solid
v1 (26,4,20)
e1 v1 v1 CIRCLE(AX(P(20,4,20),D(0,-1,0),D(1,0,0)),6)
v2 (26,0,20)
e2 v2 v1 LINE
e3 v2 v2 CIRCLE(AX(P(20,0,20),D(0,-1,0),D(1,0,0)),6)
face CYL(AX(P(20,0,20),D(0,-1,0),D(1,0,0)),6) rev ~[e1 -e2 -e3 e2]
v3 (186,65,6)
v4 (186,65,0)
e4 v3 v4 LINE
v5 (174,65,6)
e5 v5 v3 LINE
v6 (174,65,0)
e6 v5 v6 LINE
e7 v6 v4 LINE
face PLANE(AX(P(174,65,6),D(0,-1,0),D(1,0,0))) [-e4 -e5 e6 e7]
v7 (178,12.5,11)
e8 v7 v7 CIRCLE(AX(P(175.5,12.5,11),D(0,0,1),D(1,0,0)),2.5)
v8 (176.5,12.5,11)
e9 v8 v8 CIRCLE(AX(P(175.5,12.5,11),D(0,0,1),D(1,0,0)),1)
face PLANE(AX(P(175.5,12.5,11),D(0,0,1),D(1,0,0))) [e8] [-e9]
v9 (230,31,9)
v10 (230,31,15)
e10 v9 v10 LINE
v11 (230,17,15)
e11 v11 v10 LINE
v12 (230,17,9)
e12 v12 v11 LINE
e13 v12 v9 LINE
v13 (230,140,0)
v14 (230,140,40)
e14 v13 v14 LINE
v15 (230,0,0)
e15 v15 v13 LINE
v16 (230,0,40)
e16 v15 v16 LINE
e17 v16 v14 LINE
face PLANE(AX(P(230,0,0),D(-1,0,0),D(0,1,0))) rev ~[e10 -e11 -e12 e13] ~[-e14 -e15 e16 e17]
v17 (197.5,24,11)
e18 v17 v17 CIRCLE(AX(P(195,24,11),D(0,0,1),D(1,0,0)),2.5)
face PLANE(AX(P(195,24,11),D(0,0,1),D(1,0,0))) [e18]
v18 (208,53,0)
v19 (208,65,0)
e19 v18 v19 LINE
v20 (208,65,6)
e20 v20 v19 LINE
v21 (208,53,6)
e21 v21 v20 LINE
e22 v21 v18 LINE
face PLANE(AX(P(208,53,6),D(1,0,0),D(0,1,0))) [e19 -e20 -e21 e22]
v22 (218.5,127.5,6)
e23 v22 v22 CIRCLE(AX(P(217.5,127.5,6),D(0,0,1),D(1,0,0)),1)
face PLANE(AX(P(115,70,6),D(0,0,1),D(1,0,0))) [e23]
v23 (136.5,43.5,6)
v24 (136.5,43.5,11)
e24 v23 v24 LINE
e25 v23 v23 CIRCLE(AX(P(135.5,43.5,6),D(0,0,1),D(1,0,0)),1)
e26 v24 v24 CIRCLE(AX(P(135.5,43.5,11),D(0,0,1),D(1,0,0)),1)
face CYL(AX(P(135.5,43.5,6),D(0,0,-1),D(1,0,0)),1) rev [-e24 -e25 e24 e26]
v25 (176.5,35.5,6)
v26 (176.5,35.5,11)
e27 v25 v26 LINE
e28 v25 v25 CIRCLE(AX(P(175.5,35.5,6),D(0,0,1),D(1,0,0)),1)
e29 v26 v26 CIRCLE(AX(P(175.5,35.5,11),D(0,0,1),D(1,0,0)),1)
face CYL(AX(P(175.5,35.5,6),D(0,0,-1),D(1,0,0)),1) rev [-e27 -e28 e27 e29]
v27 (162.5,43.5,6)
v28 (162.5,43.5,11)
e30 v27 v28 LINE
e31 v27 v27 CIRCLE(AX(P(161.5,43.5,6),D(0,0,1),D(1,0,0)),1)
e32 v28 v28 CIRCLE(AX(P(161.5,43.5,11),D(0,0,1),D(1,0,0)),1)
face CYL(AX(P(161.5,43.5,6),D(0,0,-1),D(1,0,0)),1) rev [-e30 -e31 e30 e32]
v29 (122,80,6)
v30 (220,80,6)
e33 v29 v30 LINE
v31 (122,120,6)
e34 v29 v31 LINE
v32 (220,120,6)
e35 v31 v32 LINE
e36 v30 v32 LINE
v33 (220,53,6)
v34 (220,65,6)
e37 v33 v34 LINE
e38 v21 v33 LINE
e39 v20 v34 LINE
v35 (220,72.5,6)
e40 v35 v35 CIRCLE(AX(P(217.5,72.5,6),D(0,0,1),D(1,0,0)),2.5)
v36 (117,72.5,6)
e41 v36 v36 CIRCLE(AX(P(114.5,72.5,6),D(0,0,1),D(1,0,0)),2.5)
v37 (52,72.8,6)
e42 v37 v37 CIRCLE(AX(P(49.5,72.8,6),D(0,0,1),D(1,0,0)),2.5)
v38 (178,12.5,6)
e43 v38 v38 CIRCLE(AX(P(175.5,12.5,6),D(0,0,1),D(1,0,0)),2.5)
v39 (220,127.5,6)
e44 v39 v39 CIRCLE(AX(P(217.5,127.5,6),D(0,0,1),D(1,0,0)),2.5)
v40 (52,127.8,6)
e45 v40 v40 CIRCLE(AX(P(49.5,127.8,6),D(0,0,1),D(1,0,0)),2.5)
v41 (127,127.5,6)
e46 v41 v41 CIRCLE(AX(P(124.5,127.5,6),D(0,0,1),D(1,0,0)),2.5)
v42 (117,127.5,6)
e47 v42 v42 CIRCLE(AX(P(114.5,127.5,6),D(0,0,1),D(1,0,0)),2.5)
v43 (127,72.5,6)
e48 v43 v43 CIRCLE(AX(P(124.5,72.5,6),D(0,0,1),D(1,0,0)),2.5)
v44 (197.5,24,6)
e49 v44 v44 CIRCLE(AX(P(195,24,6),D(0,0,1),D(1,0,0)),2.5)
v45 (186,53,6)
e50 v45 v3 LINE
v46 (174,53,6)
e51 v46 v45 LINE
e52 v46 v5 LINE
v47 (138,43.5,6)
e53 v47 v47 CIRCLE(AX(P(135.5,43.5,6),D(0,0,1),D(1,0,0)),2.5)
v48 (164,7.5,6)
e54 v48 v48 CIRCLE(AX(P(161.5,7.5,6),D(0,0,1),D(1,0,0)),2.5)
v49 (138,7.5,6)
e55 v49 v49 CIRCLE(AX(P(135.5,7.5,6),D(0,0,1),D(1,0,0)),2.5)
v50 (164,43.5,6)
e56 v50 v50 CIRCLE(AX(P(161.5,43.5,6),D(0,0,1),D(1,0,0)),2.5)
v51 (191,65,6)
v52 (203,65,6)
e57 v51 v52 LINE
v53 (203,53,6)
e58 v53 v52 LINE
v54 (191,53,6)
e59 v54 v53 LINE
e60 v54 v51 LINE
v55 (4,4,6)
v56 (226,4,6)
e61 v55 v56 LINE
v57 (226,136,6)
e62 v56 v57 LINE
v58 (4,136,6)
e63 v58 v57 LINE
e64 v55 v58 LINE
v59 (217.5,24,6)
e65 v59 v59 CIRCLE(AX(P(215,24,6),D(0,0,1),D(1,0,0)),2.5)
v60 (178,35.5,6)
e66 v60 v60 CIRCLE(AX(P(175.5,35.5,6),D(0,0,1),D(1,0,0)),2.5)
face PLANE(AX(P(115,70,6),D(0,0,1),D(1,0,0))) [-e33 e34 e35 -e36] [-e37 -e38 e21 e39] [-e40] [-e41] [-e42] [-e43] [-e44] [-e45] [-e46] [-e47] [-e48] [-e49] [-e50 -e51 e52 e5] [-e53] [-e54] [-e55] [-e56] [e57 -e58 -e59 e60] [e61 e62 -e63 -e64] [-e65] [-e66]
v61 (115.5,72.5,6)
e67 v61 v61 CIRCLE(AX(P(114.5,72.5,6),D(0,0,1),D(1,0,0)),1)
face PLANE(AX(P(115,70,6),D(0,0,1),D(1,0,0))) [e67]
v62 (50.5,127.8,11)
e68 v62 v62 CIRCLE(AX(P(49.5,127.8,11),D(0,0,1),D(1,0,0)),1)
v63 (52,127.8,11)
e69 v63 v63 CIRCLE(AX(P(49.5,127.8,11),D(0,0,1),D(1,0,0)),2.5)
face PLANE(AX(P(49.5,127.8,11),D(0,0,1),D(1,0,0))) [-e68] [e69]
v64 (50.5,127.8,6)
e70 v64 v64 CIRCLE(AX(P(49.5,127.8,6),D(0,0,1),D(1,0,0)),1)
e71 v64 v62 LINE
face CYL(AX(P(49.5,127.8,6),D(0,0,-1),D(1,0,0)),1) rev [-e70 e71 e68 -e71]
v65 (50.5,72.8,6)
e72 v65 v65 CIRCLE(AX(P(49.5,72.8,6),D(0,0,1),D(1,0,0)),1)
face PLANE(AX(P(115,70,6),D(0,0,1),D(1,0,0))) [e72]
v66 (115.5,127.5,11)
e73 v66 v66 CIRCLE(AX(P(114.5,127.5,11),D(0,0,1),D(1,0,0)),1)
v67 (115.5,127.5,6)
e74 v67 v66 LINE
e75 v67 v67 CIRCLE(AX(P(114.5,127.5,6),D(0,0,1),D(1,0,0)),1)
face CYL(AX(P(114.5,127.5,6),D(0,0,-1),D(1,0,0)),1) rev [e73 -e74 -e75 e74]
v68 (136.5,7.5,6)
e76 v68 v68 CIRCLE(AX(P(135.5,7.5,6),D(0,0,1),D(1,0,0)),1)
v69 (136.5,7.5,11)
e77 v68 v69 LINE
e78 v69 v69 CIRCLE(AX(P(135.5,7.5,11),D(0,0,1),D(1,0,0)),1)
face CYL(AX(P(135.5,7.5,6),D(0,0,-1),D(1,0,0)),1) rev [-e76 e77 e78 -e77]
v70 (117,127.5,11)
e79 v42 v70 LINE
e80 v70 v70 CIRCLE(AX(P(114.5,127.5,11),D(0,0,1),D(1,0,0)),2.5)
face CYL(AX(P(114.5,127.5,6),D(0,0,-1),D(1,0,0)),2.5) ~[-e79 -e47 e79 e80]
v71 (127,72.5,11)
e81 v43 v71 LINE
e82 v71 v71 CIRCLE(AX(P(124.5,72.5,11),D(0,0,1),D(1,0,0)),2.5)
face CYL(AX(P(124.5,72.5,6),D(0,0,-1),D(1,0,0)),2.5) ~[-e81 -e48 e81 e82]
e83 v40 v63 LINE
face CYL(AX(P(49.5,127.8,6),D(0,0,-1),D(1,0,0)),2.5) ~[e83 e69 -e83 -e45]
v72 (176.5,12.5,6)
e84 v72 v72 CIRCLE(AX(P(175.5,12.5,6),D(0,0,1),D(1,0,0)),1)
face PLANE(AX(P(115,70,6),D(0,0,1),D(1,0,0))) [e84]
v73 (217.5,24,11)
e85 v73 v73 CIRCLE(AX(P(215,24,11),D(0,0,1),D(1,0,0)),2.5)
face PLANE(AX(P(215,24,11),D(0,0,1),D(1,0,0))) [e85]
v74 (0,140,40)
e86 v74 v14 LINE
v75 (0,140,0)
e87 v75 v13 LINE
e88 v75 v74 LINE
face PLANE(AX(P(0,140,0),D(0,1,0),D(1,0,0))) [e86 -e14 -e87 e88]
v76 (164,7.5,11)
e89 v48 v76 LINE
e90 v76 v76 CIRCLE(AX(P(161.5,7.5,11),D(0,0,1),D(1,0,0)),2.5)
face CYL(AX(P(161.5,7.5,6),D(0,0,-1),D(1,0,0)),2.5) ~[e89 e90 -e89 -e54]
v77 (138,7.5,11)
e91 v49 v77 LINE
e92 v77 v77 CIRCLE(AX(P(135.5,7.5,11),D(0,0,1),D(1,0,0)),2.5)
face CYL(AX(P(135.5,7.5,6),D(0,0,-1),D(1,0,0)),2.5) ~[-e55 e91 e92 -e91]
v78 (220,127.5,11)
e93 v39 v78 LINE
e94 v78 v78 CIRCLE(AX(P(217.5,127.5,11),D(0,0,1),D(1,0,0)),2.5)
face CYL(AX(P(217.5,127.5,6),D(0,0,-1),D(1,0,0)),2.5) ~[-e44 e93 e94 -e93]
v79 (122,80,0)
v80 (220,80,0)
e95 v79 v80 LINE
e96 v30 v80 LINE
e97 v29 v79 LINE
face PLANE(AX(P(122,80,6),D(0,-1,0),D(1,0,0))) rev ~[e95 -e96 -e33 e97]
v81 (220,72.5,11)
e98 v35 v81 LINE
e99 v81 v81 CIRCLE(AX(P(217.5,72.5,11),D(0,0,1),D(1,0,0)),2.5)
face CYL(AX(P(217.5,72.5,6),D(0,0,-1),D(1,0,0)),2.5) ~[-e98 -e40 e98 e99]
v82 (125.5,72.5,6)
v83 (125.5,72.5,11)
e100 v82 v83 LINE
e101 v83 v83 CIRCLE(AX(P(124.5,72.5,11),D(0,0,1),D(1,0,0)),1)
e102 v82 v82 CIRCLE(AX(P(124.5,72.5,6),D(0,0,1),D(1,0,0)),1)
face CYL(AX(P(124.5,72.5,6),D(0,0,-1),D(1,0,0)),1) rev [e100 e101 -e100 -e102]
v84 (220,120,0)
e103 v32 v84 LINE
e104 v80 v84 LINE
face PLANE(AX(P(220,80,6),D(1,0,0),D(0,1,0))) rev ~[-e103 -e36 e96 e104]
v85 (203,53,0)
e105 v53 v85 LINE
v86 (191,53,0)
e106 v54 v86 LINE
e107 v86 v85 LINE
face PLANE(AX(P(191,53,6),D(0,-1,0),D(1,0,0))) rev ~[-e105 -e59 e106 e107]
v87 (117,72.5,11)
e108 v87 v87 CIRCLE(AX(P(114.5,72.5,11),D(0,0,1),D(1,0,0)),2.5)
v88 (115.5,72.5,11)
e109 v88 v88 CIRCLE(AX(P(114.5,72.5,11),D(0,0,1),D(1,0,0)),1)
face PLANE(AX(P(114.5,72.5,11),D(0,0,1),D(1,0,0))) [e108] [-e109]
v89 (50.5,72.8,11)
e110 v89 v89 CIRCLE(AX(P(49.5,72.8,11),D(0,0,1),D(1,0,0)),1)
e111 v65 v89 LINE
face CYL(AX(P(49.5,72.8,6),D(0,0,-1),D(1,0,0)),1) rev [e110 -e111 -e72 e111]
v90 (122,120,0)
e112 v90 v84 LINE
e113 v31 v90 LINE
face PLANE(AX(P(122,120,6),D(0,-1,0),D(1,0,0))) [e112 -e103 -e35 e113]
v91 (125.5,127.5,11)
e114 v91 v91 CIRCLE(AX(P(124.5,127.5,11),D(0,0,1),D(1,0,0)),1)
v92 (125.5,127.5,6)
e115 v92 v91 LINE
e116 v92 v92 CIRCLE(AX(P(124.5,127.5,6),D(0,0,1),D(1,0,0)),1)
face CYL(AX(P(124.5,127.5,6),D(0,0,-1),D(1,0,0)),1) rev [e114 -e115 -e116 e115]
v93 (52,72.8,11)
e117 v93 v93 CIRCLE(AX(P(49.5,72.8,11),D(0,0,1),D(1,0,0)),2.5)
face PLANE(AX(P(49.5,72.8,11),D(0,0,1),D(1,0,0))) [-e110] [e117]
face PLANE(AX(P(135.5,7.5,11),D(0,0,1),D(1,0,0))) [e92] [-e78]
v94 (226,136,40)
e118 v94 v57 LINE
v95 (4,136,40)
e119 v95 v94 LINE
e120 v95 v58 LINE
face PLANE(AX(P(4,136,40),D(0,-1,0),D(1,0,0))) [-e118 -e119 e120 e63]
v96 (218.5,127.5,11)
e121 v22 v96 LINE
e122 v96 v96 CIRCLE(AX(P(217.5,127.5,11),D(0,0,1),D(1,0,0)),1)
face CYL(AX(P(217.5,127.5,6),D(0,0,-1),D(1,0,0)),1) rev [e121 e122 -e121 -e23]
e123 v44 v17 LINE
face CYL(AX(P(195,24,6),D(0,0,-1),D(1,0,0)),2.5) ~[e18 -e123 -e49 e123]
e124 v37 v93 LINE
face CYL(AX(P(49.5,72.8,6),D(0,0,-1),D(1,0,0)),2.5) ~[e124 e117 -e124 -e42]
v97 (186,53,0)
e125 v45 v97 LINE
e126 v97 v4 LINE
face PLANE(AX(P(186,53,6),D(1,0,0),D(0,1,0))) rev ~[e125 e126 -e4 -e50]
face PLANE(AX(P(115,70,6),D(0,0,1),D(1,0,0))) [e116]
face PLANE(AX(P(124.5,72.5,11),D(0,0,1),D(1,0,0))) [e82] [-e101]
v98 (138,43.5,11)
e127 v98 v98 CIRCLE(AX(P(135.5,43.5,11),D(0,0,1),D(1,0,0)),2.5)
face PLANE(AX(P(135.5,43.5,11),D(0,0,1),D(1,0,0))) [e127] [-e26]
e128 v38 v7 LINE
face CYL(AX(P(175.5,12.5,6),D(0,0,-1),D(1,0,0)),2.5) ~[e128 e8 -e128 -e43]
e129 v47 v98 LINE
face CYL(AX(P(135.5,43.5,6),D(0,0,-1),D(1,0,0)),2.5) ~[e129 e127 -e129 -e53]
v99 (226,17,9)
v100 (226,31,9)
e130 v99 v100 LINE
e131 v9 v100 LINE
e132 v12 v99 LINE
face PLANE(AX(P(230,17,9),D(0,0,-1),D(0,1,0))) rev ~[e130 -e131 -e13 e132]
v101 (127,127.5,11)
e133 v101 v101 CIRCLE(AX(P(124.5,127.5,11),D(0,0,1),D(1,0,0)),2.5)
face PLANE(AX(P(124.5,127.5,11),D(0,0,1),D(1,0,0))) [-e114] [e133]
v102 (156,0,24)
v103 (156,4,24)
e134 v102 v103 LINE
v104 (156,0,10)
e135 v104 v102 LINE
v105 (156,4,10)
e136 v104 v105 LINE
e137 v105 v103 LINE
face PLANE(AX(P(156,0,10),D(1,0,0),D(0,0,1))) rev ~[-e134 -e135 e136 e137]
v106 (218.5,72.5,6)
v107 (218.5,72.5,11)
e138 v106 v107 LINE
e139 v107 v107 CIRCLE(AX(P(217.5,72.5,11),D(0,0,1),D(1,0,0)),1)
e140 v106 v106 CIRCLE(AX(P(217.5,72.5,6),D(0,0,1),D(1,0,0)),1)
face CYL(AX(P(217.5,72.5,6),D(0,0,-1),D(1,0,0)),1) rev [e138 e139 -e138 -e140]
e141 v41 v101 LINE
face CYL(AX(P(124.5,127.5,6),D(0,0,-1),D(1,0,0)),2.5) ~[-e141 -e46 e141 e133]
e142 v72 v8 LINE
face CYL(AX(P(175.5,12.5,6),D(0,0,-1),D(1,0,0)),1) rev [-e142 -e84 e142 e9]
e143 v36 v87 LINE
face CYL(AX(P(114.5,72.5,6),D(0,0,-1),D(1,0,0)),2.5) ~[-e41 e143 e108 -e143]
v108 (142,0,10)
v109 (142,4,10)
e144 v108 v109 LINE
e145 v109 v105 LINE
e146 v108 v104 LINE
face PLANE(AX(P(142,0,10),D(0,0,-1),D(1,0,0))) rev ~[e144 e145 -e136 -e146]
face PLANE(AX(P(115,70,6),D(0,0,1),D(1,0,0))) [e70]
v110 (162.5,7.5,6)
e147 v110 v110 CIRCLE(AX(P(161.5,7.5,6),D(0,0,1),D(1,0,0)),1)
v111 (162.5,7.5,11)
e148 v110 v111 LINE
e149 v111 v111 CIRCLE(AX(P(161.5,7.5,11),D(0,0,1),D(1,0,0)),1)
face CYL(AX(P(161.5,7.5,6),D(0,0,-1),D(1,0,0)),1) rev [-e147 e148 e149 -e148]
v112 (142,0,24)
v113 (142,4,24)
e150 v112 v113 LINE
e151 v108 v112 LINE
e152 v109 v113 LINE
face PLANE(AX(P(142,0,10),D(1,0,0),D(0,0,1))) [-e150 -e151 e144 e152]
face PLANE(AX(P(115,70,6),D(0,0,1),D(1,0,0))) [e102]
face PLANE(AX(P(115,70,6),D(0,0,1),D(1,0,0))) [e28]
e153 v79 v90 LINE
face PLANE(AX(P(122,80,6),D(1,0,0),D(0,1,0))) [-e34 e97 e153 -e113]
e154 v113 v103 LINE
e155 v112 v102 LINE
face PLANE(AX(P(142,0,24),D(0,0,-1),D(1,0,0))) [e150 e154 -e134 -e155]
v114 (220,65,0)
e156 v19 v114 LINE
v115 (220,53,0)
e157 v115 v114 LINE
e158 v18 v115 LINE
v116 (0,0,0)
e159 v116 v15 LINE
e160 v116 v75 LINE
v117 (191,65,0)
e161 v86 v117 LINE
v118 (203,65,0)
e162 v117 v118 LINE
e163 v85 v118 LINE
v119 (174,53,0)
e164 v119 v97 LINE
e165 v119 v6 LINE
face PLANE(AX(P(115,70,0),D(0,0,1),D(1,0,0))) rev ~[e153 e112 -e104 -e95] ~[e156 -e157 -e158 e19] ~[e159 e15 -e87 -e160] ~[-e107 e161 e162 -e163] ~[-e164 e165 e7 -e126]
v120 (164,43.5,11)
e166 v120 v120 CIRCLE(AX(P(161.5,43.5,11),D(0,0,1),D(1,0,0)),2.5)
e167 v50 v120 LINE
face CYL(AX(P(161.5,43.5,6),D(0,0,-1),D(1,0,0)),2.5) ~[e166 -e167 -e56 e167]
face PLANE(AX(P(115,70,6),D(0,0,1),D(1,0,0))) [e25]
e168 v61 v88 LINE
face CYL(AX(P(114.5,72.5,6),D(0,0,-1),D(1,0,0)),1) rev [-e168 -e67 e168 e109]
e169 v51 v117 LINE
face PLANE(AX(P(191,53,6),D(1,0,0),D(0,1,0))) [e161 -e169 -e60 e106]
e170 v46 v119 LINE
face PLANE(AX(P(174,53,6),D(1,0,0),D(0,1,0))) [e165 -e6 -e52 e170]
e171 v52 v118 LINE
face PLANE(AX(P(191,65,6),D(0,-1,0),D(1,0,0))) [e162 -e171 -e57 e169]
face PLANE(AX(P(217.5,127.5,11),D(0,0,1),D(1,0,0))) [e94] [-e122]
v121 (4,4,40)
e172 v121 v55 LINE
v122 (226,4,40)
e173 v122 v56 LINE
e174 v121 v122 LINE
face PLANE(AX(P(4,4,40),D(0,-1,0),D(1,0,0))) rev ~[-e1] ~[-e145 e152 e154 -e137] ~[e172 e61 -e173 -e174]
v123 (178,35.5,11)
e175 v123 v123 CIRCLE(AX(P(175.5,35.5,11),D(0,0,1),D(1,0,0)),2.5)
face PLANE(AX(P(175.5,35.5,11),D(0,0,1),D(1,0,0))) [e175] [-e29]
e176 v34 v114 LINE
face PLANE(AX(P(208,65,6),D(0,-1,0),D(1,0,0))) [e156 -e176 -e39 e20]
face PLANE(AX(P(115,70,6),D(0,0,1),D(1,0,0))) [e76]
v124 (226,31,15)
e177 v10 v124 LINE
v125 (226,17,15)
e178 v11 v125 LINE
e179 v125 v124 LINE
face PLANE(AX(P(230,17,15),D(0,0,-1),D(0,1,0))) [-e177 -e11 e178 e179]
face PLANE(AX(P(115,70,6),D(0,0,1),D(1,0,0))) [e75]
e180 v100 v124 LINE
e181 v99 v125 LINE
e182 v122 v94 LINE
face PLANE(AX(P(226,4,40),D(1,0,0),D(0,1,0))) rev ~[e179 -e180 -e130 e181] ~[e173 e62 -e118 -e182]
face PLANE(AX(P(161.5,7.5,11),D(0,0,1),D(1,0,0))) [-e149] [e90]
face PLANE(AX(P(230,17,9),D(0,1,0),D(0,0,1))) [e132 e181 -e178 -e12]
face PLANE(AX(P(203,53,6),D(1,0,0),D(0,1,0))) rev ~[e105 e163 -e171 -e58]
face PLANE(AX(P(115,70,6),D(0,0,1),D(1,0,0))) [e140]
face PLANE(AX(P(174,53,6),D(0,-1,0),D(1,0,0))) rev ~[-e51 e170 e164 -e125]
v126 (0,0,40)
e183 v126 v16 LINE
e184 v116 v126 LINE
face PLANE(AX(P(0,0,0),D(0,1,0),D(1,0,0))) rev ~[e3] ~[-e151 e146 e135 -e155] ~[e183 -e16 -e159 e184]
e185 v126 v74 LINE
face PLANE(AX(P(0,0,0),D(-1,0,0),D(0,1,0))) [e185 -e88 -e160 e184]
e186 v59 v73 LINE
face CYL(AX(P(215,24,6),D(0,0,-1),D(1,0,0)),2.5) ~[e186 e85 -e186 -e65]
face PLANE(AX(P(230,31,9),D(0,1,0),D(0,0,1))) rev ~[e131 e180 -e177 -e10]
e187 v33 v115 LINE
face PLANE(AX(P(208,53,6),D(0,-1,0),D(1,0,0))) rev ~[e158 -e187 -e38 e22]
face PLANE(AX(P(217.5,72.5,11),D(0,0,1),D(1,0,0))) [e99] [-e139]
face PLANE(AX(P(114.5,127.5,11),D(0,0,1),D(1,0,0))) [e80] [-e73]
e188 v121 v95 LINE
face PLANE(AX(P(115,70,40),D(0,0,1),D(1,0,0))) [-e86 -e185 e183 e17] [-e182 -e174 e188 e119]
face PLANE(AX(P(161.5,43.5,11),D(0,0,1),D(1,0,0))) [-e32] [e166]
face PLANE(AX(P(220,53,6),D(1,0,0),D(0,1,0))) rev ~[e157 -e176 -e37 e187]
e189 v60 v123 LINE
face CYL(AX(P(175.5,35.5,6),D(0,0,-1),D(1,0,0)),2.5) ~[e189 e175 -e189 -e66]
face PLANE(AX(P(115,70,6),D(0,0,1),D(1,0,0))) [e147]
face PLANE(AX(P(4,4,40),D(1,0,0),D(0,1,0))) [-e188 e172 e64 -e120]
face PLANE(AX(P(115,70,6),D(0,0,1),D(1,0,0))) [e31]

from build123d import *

# Parameters (mm, degrees)
SKETCH_W        = 230
SKETCH_H        = 140
PAD_DEPTH       = 40
SKETCH001_W     = 222
SKETCH001_H     = 132
POCKET_DEPTH    = 34
SKETCH002_W     = 98
SKETCH002_H     = 40
SKETCH002_W_2   = 12
SKETCH002_H_2   = 12
POCKET001_DEPTH = 6.001
SKETCH004_R     = 6
SKETCH004_W     = 14
SKETCH004_H     = 14
POCKET002_DEPTH = 4
SKETCH003_W     = 14
SKETCH003_H     = 6
POCKET003_DEPTH = 4
SKETCH005_R     = 2.5
SKETCH005_R_2   = 1
PAD001_DEPTH    = 5


with BuildPart() as part:
    # Sketch → Pad (new body)
    with BuildSketch(Plane.XY):
        with Locations((115, 70)):
            Rectangle(SKETCH_W, SKETCH_H)
    extrude(amount=PAD_DEPTH)

    # Sketch001 (on Face6 of Pad) → Pocket (cut)
    with BuildSketch(Plane.XY.offset(40)):
        with Locations((115, 70)):
            Rectangle(SKETCH001_W, SKETCH001_H)
    extrude(amount=-POCKET_DEPTH, mode=Mode.SUBTRACT)

    # Sketch002 (on Face11 of Pocket) → Pocket001 (cut, through all)
    with BuildSketch(Plane.XY.offset(6)):
        with Locations((171, 100)):
            Rectangle(SKETCH002_W, SKETCH002_H)
        with Locations((180, 59)):
            Rectangle(SKETCH002_W_2, SKETCH002_H_2)
        with Locations((197, 59)):
            Rectangle(SKETCH002_W_2, SKETCH002_H_2)
        with Locations((214, 59)):
            Rectangle(SKETCH002_W_2, SKETCH002_H_2)
    extrude(amount=-POCKET001_DEPTH, mode=Mode.SUBTRACT)

    # Sketch004 (on Face1 of Pocket001) → Pocket002 (cut)
    with BuildSketch(Plane.XZ):
        with Locations((20, 20)):
            Circle(SKETCH004_R)
        with Locations((149, 17)):
            Rectangle(SKETCH004_W, SKETCH004_H)
    extrude(amount=-POCKET002_DEPTH, mode=Mode.SUBTRACT)

    # Sketch003 (on Face3 of Pocket001) → Pocket003 (cut)
    with BuildSketch(Plane.YZ.offset(230)):
        with Locations((24, 12)):
            Rectangle(SKETCH003_W, SKETCH003_H)
    extrude(amount=-POCKET003_DEPTH, mode=Mode.SUBTRACT)

    # Sketch005 (on Face32 of Pocket002) → Pad001 (join)
    with BuildSketch(Plane.XY.offset(6)):
        with Locations((217.5, 127.5)):
            Circle(SKETCH005_R)
        with Locations((217.5, 127.5)):
            Circle(SKETCH005_R_2, mode=Mode.SUBTRACT)
        with Locations((124.5, 127.5)):
            Circle(SKETCH005_R)
        with Locations((124.5, 127.5)):
            Circle(SKETCH005_R_2, mode=Mode.SUBTRACT)
        with Locations((217.5, 72.5)):
            Circle(SKETCH005_R)
        with Locations((217.5, 72.5)):
            Circle(SKETCH005_R_2, mode=Mode.SUBTRACT)
        with Locations((124.5, 72.5)):
            Circle(SKETCH005_R)
        with Locations((124.5, 72.5)):
            Circle(SKETCH005_R_2, mode=Mode.SUBTRACT)
        with Locations((114.5, 127.5)):
            Circle(SKETCH005_R)
        with Locations((114.5, 127.5)):
            Circle(SKETCH005_R_2, mode=Mode.SUBTRACT)
        with Locations((114.5, 72.5)):
            Circle(SKETCH005_R)
        with Locations((114.5, 72.5)):
            Circle(SKETCH005_R_2, mode=Mode.SUBTRACT)
        with Locations((49.5, 127.8)):
            Circle(SKETCH005_R)
        with Locations((49.5, 127.8)):
            Circle(SKETCH005_R_2, mode=Mode.SUBTRACT)
        with Locations((49.5, 72.8)):
            Circle(SKETCH005_R)
        with Locations((49.5, 72.8)):
            Circle(SKETCH005_R_2, mode=Mode.SUBTRACT)
        with Locations((175.5, 35.5)):
            Circle(SKETCH005_R)
        with Locations((175.5, 35.5)):
            Circle(SKETCH005_R_2, mode=Mode.SUBTRACT)
        with Locations((175.5, 12.5)):
            Circle(SKETCH005_R)
        with Locations((175.5, 12.5)):
            Circle(SKETCH005_R_2, mode=Mode.SUBTRACT)
        with Locations((215, 24)):
            Circle(SKETCH005_R)
        with Locations((195, 24)):
            Circle(SKETCH005_R)
        with Locations((161.5, 7.5)):
            Circle(SKETCH005_R)
        with Locations((161.5, 7.5)):
            Circle(SKETCH005_R_2, mode=Mode.SUBTRACT)
        with Locations((135.5, 7.5)):
            Circle(SKETCH005_R)
        with Locations((135.5, 7.5)):
            Circle(SKETCH005_R_2, mode=Mode.SUBTRACT)
        with Locations((135.5, 43.5)):
            Circle(SKETCH005_R)
        with Locations((135.5, 43.5)):
            Circle(SKETCH005_R_2, mode=Mode.SUBTRACT)
        with Locations((161.5, 43.5)):
            Circle(SKETCH005_R)
        with Locations((161.5, 43.5)):
            Circle(SKETCH005_R_2, mode=Mode.SUBTRACT)
    extrude(amount=PAD001_DEPTH)


solid = part.part
